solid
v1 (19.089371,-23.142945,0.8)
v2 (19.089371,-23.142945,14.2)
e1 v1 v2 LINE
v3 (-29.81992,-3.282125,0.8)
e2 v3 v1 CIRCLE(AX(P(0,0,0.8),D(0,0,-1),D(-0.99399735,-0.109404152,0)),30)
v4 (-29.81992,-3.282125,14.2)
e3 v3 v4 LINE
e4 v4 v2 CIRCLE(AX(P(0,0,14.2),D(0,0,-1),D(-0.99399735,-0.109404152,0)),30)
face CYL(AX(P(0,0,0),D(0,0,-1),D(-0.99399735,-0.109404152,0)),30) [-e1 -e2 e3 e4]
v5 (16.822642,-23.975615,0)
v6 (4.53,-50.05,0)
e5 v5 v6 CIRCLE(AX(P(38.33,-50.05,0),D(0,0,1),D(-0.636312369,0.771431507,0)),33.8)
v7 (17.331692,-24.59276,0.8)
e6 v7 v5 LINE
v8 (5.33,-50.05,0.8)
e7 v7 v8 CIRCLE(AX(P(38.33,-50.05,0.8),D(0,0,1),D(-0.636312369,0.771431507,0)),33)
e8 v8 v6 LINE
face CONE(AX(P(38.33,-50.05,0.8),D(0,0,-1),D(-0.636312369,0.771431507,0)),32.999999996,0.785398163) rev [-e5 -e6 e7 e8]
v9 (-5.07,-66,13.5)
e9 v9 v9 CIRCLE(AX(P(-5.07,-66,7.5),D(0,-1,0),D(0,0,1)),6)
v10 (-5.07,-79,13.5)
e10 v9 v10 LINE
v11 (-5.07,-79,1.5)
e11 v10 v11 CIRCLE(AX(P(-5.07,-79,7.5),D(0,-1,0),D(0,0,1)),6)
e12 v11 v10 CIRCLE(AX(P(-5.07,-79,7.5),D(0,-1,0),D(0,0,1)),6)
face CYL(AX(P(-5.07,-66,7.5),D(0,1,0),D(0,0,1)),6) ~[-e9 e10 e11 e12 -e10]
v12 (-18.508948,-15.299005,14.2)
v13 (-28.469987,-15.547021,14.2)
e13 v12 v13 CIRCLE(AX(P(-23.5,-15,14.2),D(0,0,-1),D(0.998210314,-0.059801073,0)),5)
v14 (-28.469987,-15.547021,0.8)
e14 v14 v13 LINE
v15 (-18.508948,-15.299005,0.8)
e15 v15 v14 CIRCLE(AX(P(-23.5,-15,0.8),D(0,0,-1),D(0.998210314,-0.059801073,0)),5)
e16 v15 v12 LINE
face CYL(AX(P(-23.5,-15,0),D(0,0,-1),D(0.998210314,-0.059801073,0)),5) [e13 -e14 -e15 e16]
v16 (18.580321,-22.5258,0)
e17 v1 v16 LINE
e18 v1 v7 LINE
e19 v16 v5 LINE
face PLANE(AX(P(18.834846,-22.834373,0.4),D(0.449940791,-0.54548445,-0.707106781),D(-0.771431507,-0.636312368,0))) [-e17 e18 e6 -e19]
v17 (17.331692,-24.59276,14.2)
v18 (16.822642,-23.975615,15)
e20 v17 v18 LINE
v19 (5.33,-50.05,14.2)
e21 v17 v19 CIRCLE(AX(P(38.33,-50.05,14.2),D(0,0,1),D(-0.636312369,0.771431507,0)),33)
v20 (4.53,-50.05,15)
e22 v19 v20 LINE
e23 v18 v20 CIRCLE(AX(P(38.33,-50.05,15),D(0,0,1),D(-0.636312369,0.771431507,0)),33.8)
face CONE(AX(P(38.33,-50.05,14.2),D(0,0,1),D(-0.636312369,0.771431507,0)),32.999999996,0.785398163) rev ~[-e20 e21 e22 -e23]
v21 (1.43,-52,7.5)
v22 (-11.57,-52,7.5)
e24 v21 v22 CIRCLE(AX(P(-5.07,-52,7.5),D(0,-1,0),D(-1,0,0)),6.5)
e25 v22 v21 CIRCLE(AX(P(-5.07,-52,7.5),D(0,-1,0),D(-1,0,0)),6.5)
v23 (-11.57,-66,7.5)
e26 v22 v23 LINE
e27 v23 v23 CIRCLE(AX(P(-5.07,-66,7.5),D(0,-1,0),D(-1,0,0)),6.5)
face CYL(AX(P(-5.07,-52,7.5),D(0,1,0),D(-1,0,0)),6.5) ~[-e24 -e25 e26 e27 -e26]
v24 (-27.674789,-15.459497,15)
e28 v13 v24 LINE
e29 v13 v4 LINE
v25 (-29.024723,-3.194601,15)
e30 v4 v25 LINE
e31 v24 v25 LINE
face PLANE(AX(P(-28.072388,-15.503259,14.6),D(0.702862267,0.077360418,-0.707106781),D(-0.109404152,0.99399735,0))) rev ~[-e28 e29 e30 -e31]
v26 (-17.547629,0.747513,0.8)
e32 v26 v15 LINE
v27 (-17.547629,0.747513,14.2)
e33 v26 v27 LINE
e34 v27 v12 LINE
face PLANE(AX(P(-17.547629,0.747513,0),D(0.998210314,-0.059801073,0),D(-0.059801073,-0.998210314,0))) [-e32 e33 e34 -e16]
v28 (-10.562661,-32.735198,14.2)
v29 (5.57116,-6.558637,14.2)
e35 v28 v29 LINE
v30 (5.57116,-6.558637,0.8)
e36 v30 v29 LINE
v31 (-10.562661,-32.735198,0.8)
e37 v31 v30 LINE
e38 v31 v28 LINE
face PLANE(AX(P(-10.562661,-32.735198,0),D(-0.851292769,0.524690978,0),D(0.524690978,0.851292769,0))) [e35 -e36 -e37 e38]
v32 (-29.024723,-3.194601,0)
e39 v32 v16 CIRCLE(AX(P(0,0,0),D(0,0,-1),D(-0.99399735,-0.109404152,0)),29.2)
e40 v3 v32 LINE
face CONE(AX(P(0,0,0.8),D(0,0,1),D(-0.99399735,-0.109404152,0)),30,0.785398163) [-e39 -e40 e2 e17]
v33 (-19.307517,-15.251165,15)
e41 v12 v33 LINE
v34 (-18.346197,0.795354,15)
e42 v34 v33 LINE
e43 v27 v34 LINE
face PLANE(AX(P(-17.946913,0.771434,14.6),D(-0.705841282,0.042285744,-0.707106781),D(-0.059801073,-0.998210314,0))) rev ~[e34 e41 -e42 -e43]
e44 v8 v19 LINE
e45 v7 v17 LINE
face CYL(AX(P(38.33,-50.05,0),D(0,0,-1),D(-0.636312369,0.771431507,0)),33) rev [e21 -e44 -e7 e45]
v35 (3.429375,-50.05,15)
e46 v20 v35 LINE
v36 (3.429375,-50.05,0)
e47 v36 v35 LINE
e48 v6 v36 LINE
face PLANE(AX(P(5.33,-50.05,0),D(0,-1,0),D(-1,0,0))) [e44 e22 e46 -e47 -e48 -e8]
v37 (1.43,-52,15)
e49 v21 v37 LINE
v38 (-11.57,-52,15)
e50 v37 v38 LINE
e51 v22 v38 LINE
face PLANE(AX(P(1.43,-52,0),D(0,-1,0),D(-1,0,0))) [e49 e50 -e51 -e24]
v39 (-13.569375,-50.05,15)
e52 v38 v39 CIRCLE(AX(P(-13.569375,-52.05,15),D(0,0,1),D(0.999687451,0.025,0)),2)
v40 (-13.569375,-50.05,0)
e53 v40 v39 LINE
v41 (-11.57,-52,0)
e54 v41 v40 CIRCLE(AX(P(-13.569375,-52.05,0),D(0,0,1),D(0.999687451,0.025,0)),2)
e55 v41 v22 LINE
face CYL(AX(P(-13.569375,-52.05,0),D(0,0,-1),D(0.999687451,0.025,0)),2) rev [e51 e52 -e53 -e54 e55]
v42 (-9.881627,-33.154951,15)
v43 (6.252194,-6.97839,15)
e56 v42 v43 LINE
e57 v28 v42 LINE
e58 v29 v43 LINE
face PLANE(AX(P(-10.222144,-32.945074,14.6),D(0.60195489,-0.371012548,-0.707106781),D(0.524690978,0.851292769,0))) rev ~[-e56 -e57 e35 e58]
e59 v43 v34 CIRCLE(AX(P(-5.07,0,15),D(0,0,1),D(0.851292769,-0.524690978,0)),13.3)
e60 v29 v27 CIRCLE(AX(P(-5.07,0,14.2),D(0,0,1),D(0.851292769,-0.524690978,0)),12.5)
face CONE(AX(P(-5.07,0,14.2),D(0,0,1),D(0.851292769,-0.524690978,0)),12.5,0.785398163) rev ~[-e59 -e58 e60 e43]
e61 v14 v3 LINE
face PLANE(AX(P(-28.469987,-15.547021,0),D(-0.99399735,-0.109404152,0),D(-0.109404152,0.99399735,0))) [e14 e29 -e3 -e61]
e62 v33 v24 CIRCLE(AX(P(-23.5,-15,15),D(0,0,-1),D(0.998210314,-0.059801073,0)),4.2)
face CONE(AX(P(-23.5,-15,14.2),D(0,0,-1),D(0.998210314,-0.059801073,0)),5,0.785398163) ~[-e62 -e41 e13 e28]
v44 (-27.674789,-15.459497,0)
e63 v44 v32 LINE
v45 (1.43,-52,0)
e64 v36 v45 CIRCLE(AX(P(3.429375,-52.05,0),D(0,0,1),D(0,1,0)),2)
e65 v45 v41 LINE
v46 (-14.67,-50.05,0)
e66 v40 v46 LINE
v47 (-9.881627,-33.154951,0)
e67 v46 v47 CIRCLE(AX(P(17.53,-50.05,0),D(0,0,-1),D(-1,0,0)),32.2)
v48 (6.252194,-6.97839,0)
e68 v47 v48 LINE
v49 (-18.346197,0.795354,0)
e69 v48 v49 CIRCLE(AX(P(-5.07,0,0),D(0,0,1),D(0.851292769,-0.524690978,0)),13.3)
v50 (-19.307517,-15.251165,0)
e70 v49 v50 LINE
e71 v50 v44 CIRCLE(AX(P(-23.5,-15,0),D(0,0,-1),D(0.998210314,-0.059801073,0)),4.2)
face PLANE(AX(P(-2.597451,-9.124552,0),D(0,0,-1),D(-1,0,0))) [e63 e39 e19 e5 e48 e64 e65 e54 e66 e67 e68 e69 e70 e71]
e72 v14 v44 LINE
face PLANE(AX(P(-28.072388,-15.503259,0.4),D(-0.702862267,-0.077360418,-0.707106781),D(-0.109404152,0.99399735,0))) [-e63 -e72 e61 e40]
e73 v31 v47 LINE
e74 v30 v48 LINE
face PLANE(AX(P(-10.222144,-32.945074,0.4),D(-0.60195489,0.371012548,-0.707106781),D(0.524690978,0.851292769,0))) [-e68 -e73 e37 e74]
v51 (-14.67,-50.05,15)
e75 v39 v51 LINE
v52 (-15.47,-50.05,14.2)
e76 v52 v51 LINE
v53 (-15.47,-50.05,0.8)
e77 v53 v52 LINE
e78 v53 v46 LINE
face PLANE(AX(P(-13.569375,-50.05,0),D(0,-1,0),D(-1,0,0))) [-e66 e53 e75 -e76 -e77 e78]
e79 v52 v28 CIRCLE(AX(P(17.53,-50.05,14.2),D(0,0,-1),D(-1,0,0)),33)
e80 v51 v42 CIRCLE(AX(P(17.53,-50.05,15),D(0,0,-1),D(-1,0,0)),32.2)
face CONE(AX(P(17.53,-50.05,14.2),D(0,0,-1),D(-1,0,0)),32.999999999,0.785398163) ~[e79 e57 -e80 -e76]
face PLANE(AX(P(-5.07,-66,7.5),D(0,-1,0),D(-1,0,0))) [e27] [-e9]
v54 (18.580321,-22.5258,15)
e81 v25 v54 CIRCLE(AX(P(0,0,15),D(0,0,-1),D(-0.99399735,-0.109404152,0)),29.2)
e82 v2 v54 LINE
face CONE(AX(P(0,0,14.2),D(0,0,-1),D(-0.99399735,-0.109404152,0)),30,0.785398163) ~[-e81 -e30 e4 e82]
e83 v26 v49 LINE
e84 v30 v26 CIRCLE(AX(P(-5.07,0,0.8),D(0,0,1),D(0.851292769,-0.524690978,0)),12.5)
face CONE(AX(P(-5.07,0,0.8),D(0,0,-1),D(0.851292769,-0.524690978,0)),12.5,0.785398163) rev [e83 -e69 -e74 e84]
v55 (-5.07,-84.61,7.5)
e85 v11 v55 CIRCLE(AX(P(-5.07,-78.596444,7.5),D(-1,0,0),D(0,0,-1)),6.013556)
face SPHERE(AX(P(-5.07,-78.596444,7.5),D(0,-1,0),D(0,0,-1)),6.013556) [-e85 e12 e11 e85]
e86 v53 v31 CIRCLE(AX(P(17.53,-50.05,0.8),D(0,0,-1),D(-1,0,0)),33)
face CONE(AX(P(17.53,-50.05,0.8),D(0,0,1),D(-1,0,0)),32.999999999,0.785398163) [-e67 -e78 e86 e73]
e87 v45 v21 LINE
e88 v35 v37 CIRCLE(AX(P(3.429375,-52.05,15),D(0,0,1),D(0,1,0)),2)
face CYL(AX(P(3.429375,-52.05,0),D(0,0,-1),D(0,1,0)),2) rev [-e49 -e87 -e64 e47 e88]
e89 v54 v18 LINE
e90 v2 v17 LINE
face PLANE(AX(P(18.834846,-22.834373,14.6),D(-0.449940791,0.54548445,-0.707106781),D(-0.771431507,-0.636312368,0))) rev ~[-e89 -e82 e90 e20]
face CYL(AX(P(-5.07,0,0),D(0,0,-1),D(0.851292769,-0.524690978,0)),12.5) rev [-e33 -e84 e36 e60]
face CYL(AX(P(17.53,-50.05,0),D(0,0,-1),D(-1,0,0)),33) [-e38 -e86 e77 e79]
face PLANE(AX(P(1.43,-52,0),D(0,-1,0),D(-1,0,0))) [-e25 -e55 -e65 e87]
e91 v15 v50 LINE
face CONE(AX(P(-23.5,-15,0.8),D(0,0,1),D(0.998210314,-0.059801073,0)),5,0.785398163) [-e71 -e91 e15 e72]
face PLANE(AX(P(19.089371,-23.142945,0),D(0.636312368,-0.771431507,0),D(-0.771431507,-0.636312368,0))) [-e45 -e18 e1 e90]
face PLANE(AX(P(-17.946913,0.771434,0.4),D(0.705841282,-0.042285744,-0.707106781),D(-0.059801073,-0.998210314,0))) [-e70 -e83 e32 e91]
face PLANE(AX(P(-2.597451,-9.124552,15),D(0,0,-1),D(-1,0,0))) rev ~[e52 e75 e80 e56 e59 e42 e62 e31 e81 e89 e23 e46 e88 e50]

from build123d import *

# Parameters (mm, degrees)
BOSS_EXTRUDE1_DEPTH = 15
CHAMFER1_SIZE       = 0.8
SKETCH2_R           = 6.5
BOSS_EXTRUDE2_DEPTH = 14
SKETCH3_R           = 6
BOSS_EXTRUDE3_DEPTH = 13
DOME1_FACE_RADIUS   = 6
DOME1_HEIGHT        = 5.61


with BuildPart() as part:
    # Sketch1 → Boss-Extrude1 (new body)
    with BuildSketch(Plane.XY):
        with BuildLine():
            Line((5.33, -50.05), (3.429374902, -50.05))
            ThreePointArc((3.429374902, -50.05), (2.032950898, -50.618217894), (1.43, -52))
            Line((1.43, -52), (-11.57, -52))
            ThreePointArc((-11.57, -52), (-12.172950898, -50.618217894), (-13.569374902, -50.05))
            Line((-13.569374902, -50.05), (-15.47, -50.05))
            ThreePointArc((-15.47, -50.05), (-14.21947106, -41.051606397), (-10.562661368, -32.73519774))
            Line((-10.562661368, -32.73519774), (5.571159609, -6.55863722))
            ThreePointArc((5.571159609, -6.55863722), (-1.303288682, 11.918971677), (-17.547628929, 0.747513411))
            Line((-17.547628929, 0.747513411), (-18.508948428, -15.299005365))
            ThreePointArc((-18.508948428, -15.299005365), (-23.375545829, -19.998450876), (-28.469986749, -15.547020759))
            Line((-28.469986749, -15.547020759), (-29.819920496, -3.282124556))
            ThreePointArc((-29.819920496, -3.282124556), (11.287126383, 27.795697113), (19.089371058, -23.142945202))
            Line((19.089371058, -23.142945202), (17.331691836, -24.592760278))
            ThreePointArc((17.331691836, -24.592760278), (8.480844489, -35.977760828), (5.33, -50.05))
        make_face()
    extrude(amount=BOSS_EXTRUDE1_DEPTH)

    # Chamfer1
    chamfer1_edges = [part.edges().sort_by_distance(p)[0] for p in [
        (11.287126383, 27.795697113, 15),
        (-29.144953623, -9.414572658, 15),
        (-14.21947106, -41.051606397, 0),
        (-2.495750879, -19.64691748, 0),
        (-1.303288682, 11.918971677, 0),
        (-18.028288679, -7.275745977, 0),
        (-23.375545829, -19.998450876, 15),
        (-23.375545829, -19.998450876, 0),
        (-29.144953623, -9.414572658, 0),
        (11.287126383, 27.795697113, 0),
        (18.210531447, -23.86785274, 0),
        (8.480844489, -35.977760828, 0),
        (-18.028288679, -7.275745977, 15),
        (-1.303288682, 11.918971677, 15),
        (-2.495750879, -19.64691748, 15),
        (-14.21947106, -41.051606397, 15),
        (8.480844489, -35.977760828, 15),
        (18.210531447, -23.86785274, 15),
    ]]
    chamfer(chamfer1_edges, length=CHAMFER1_SIZE)

    # Sketch2 → Boss-Extrude2 (add)
    with BuildSketch(Plane.XZ.offset(52)):
        with Locations(Location((-5.07, 7.5, 0), (0, 0, 180))):
            Circle(SKETCH2_R)
    extrude(amount=BOSS_EXTRUDE2_DEPTH)

    # Sketch3 → Boss-Extrude3 (add)
    with BuildSketch(Plane.XZ.offset(66)):
        with Locations(Location((-5.07, 7.5, 0), (0, 0, 90))):
            Circle(SKETCH3_R)
    extrude(amount=BOSS_EXTRUDE3_DEPTH)

    # Dome1: a dome of height H over a round flat face of radius A is a cap of a sphere of radius (A * A + H * H) / (2 * H)
    dome1_r = (DOME1_FACE_RADIUS * DOME1_FACE_RADIUS + DOME1_HEIGHT * DOME1_HEIGHT) / (2 * DOME1_HEIGHT)
    dome1_base = Plane((-5.07, -79, 7.5), z_dir=(0, -1, 0))
    with Locations(dome1_base.offset(DOME1_HEIGHT - dome1_r)):
        dome1_ball = Sphere(dome1_r, mode=Mode.PRIVATE)
    add(split(dome1_ball, bisect_by=dome1_base, keep=Keep.TOP, mode=Mode.PRIVATE))


solid = part.part
